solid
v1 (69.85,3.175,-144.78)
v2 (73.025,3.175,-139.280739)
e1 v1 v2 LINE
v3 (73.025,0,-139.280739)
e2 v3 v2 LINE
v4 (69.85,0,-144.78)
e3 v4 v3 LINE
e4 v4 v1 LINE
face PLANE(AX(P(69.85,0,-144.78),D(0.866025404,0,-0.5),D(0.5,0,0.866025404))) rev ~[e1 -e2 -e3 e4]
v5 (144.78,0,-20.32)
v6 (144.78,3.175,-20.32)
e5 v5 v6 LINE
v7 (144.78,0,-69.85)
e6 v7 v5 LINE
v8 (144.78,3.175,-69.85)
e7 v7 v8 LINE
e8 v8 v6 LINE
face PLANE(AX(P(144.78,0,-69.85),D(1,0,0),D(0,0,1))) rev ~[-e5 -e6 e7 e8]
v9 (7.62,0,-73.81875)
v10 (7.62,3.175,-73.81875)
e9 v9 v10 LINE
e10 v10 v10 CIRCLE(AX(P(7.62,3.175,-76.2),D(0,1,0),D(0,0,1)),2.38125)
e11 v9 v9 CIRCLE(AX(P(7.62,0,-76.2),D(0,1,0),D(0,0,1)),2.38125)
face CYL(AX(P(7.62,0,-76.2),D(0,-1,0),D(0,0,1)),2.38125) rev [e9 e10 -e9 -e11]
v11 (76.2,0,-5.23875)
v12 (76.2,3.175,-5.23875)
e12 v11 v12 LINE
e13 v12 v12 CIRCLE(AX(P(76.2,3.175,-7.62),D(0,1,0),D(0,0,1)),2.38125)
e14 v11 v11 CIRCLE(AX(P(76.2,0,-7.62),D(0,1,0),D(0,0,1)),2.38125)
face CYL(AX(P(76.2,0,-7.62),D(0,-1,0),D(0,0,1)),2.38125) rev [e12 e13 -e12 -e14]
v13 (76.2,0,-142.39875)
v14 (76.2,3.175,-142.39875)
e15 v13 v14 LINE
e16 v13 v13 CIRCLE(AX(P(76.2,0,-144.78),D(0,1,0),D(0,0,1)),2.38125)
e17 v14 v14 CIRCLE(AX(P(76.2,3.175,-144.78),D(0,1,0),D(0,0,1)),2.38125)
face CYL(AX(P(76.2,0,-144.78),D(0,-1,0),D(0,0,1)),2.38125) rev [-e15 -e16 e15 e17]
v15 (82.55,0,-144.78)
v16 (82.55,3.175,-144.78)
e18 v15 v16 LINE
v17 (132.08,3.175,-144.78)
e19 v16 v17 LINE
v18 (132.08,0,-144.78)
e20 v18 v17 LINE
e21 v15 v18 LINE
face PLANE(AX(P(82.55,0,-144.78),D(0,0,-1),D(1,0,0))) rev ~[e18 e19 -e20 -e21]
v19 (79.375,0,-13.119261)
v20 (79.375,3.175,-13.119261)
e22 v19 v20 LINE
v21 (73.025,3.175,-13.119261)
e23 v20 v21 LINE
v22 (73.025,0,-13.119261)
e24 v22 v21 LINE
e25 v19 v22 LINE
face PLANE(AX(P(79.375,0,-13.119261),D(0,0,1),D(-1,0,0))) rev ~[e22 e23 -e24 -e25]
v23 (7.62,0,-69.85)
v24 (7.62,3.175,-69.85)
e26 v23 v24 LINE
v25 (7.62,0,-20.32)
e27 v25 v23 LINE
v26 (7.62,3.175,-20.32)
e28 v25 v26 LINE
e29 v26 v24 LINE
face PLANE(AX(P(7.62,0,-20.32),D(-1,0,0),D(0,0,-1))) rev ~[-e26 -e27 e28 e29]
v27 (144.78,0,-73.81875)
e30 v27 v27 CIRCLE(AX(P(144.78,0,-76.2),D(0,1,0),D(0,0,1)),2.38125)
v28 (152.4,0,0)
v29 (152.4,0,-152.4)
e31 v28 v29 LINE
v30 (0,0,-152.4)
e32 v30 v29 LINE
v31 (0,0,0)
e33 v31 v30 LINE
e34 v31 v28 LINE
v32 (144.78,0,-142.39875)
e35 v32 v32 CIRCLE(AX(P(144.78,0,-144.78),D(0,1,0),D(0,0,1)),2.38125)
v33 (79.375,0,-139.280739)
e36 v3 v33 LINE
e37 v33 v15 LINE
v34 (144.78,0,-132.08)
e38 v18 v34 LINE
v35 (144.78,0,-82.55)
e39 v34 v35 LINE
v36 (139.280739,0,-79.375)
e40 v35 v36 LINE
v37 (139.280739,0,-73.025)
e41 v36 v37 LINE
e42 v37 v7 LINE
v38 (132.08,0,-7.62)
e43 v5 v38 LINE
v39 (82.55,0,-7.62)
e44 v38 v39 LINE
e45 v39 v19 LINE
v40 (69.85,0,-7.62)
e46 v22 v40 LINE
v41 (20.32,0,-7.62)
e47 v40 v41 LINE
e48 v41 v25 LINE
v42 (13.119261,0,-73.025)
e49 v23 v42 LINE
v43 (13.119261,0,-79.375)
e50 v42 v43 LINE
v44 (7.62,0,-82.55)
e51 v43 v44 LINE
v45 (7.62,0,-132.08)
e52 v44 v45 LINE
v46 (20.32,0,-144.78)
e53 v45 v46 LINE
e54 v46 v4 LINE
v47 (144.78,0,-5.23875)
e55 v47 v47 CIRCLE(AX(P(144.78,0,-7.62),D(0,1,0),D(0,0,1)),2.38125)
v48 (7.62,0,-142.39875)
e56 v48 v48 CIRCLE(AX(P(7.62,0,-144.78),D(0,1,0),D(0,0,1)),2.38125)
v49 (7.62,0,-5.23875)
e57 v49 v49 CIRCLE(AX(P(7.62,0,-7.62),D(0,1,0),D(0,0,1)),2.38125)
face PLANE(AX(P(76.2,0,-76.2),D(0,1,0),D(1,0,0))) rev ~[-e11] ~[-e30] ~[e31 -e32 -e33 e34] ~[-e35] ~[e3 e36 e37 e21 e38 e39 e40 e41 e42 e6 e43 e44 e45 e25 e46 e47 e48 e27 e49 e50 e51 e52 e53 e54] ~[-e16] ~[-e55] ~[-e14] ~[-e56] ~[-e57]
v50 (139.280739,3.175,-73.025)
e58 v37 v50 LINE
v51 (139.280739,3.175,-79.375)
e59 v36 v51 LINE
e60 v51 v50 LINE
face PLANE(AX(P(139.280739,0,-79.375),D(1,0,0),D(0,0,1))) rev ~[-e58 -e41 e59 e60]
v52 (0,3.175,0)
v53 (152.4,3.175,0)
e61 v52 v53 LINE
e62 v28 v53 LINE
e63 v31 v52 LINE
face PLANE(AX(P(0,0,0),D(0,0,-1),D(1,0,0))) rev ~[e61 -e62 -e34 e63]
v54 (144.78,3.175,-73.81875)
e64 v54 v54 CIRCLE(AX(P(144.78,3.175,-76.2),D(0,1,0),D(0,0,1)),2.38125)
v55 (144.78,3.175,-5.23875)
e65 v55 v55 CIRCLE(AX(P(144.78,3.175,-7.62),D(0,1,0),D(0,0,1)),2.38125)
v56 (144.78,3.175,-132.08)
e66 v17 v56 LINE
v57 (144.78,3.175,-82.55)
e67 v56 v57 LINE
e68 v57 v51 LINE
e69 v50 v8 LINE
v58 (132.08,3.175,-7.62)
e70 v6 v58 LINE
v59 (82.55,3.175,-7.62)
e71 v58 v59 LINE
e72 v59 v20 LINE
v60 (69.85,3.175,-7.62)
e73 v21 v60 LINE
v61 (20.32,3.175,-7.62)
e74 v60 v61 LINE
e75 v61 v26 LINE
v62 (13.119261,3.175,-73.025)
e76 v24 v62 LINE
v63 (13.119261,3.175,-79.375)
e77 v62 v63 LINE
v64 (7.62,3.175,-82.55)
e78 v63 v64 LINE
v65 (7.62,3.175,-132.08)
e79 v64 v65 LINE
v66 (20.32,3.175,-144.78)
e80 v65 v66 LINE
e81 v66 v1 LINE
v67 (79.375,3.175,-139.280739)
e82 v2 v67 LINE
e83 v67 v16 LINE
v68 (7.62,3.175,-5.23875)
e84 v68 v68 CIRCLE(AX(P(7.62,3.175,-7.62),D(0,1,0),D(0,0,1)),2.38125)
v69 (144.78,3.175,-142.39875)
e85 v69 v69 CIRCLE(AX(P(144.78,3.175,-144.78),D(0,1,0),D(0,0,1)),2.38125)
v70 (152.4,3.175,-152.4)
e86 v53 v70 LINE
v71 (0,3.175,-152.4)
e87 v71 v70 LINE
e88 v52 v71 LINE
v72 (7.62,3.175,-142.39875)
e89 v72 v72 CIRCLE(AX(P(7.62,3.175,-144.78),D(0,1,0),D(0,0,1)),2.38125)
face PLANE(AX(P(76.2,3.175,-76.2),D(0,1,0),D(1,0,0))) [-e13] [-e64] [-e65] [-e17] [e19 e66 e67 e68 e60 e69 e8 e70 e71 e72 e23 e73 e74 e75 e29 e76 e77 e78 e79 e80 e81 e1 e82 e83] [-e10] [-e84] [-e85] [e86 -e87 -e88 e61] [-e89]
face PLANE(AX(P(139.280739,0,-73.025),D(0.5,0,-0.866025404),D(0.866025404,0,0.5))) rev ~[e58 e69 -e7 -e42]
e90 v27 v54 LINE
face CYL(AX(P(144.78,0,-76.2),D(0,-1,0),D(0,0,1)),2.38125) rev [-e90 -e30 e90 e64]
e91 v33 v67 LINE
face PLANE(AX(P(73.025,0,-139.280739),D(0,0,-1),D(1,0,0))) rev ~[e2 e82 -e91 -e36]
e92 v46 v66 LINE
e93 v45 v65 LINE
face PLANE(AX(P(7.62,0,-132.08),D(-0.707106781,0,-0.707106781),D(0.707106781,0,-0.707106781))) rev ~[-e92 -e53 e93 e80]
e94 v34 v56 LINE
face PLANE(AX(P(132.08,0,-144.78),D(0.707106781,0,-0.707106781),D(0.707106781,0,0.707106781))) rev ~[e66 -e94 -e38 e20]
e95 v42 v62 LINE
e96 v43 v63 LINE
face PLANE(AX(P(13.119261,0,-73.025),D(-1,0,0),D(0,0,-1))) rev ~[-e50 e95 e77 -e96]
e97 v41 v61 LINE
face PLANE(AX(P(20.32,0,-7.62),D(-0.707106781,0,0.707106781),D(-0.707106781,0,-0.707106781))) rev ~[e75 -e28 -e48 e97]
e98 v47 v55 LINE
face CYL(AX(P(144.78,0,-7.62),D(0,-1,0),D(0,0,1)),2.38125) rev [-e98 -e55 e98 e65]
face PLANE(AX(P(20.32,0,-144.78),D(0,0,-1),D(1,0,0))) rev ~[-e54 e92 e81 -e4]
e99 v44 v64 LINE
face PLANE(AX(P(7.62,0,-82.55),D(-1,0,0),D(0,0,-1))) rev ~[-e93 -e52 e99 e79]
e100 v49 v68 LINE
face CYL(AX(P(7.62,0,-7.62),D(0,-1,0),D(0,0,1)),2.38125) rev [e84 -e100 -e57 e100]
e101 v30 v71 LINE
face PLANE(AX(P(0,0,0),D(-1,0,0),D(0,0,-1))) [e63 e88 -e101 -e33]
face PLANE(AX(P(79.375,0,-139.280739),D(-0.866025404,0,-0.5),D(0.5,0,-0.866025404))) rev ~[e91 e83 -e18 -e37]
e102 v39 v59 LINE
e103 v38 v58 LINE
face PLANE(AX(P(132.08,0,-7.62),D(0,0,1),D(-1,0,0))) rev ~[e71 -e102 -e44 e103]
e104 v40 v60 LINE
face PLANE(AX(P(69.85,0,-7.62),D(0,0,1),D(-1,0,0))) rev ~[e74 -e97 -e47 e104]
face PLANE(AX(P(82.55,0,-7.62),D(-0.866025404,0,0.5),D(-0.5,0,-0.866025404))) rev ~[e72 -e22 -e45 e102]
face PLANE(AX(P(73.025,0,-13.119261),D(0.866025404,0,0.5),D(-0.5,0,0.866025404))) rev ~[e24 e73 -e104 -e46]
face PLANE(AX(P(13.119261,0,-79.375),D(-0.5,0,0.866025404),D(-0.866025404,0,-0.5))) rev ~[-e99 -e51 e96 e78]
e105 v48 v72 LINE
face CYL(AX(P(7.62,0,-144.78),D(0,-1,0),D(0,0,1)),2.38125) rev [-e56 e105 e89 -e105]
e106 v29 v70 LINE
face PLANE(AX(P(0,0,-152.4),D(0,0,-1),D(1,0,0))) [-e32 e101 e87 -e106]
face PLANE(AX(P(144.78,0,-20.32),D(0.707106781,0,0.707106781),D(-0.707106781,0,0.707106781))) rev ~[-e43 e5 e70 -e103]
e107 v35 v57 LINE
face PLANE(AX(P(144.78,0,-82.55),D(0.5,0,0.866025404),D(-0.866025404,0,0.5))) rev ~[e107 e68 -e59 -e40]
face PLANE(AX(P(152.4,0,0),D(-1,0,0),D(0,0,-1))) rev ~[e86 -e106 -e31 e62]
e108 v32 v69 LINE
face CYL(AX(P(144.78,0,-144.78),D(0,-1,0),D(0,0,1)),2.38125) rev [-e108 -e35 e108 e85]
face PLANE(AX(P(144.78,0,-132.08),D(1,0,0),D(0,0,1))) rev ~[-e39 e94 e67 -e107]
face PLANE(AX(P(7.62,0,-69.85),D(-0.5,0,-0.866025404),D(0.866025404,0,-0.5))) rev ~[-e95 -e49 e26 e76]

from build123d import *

# Parameters (mm, degrees)
SKETCH1_W           = 152.4
SKETCH1_H           = 152.4
SKETCH1_R           = 2.38125
BOSS_EXTRUDE4_DEPTH = 3.175


with BuildPart() as part:
    # Sketch1 → Boss-Extrude4 (new body)
    with BuildSketch(Plane(origin=(0, 0, 0), x_dir=(1, 0, 0), z_dir=(0, 1, 0))):
        with Locations((76.2, 76.2)):
            Rectangle(SKETCH1_W, SKETCH1_H)
        with Locations(Location((7.62, 7.62, 0), (0, 0, 270))):
            Circle(SKETCH1_R, mode=Mode.SUBTRACT)
        with Locations(Location((7.62, 144.78, 0), (0, 0, 270))):
            Circle(SKETCH1_R, mode=Mode.SUBTRACT)
        with Locations(Location((144.78, 144.78, 0), (0, 0, 270))):
            Circle(SKETCH1_R, mode=Mode.SUBTRACT)
        with Locations(Location((144.78, 7.62, 0), (0, 0, 270))):
            Circle(SKETCH1_R, mode=Mode.SUBTRACT)
        with Locations(Location((76.2, 7.62, 0), (0, 0, 270))):
            Circle(SKETCH1_R, mode=Mode.SUBTRACT)
        with Locations(Location((76.2, 144.78, 0), (0, 0, 270))):
            Circle(SKETCH1_R, mode=Mode.SUBTRACT)
        with Locations(Location((144.78, 76.2, 0), (0, 0, 270))):
            Circle(SKETCH1_R, mode=Mode.SUBTRACT)
        with Locations(Location((7.62, 76.2, 0), (0, 0, 270))):
            Circle(SKETCH1_R, mode=Mode.SUBTRACT)
        Polygon((69.85, 7.62), (20.32, 7.62), (7.62, 20.32), (7.62, 69.85), (13.119261314, 73.025), (13.119261314, 79.375), (7.62, 82.55), (7.62, 132.08), (20.32, 144.78), (69.85, 144.78), (73.025, 139.280738686), (79.375, 139.280738686), (82.55, 144.78), (132.08, 144.78), (144.78, 132.08), (144.78, 82.55), (139.280738686, 79.375), (139.280738686, 73.025), (144.78, 69.85), (144.78, 20.32), (132.08, 7.62), (82.55, 7.62), (79.375, 13.119261314), (73.025, 13.119261314), align=None, mode=Mode.SUBTRACT)
    extrude(amount=BOSS_EXTRUDE4_DEPTH)


solid = part.part
